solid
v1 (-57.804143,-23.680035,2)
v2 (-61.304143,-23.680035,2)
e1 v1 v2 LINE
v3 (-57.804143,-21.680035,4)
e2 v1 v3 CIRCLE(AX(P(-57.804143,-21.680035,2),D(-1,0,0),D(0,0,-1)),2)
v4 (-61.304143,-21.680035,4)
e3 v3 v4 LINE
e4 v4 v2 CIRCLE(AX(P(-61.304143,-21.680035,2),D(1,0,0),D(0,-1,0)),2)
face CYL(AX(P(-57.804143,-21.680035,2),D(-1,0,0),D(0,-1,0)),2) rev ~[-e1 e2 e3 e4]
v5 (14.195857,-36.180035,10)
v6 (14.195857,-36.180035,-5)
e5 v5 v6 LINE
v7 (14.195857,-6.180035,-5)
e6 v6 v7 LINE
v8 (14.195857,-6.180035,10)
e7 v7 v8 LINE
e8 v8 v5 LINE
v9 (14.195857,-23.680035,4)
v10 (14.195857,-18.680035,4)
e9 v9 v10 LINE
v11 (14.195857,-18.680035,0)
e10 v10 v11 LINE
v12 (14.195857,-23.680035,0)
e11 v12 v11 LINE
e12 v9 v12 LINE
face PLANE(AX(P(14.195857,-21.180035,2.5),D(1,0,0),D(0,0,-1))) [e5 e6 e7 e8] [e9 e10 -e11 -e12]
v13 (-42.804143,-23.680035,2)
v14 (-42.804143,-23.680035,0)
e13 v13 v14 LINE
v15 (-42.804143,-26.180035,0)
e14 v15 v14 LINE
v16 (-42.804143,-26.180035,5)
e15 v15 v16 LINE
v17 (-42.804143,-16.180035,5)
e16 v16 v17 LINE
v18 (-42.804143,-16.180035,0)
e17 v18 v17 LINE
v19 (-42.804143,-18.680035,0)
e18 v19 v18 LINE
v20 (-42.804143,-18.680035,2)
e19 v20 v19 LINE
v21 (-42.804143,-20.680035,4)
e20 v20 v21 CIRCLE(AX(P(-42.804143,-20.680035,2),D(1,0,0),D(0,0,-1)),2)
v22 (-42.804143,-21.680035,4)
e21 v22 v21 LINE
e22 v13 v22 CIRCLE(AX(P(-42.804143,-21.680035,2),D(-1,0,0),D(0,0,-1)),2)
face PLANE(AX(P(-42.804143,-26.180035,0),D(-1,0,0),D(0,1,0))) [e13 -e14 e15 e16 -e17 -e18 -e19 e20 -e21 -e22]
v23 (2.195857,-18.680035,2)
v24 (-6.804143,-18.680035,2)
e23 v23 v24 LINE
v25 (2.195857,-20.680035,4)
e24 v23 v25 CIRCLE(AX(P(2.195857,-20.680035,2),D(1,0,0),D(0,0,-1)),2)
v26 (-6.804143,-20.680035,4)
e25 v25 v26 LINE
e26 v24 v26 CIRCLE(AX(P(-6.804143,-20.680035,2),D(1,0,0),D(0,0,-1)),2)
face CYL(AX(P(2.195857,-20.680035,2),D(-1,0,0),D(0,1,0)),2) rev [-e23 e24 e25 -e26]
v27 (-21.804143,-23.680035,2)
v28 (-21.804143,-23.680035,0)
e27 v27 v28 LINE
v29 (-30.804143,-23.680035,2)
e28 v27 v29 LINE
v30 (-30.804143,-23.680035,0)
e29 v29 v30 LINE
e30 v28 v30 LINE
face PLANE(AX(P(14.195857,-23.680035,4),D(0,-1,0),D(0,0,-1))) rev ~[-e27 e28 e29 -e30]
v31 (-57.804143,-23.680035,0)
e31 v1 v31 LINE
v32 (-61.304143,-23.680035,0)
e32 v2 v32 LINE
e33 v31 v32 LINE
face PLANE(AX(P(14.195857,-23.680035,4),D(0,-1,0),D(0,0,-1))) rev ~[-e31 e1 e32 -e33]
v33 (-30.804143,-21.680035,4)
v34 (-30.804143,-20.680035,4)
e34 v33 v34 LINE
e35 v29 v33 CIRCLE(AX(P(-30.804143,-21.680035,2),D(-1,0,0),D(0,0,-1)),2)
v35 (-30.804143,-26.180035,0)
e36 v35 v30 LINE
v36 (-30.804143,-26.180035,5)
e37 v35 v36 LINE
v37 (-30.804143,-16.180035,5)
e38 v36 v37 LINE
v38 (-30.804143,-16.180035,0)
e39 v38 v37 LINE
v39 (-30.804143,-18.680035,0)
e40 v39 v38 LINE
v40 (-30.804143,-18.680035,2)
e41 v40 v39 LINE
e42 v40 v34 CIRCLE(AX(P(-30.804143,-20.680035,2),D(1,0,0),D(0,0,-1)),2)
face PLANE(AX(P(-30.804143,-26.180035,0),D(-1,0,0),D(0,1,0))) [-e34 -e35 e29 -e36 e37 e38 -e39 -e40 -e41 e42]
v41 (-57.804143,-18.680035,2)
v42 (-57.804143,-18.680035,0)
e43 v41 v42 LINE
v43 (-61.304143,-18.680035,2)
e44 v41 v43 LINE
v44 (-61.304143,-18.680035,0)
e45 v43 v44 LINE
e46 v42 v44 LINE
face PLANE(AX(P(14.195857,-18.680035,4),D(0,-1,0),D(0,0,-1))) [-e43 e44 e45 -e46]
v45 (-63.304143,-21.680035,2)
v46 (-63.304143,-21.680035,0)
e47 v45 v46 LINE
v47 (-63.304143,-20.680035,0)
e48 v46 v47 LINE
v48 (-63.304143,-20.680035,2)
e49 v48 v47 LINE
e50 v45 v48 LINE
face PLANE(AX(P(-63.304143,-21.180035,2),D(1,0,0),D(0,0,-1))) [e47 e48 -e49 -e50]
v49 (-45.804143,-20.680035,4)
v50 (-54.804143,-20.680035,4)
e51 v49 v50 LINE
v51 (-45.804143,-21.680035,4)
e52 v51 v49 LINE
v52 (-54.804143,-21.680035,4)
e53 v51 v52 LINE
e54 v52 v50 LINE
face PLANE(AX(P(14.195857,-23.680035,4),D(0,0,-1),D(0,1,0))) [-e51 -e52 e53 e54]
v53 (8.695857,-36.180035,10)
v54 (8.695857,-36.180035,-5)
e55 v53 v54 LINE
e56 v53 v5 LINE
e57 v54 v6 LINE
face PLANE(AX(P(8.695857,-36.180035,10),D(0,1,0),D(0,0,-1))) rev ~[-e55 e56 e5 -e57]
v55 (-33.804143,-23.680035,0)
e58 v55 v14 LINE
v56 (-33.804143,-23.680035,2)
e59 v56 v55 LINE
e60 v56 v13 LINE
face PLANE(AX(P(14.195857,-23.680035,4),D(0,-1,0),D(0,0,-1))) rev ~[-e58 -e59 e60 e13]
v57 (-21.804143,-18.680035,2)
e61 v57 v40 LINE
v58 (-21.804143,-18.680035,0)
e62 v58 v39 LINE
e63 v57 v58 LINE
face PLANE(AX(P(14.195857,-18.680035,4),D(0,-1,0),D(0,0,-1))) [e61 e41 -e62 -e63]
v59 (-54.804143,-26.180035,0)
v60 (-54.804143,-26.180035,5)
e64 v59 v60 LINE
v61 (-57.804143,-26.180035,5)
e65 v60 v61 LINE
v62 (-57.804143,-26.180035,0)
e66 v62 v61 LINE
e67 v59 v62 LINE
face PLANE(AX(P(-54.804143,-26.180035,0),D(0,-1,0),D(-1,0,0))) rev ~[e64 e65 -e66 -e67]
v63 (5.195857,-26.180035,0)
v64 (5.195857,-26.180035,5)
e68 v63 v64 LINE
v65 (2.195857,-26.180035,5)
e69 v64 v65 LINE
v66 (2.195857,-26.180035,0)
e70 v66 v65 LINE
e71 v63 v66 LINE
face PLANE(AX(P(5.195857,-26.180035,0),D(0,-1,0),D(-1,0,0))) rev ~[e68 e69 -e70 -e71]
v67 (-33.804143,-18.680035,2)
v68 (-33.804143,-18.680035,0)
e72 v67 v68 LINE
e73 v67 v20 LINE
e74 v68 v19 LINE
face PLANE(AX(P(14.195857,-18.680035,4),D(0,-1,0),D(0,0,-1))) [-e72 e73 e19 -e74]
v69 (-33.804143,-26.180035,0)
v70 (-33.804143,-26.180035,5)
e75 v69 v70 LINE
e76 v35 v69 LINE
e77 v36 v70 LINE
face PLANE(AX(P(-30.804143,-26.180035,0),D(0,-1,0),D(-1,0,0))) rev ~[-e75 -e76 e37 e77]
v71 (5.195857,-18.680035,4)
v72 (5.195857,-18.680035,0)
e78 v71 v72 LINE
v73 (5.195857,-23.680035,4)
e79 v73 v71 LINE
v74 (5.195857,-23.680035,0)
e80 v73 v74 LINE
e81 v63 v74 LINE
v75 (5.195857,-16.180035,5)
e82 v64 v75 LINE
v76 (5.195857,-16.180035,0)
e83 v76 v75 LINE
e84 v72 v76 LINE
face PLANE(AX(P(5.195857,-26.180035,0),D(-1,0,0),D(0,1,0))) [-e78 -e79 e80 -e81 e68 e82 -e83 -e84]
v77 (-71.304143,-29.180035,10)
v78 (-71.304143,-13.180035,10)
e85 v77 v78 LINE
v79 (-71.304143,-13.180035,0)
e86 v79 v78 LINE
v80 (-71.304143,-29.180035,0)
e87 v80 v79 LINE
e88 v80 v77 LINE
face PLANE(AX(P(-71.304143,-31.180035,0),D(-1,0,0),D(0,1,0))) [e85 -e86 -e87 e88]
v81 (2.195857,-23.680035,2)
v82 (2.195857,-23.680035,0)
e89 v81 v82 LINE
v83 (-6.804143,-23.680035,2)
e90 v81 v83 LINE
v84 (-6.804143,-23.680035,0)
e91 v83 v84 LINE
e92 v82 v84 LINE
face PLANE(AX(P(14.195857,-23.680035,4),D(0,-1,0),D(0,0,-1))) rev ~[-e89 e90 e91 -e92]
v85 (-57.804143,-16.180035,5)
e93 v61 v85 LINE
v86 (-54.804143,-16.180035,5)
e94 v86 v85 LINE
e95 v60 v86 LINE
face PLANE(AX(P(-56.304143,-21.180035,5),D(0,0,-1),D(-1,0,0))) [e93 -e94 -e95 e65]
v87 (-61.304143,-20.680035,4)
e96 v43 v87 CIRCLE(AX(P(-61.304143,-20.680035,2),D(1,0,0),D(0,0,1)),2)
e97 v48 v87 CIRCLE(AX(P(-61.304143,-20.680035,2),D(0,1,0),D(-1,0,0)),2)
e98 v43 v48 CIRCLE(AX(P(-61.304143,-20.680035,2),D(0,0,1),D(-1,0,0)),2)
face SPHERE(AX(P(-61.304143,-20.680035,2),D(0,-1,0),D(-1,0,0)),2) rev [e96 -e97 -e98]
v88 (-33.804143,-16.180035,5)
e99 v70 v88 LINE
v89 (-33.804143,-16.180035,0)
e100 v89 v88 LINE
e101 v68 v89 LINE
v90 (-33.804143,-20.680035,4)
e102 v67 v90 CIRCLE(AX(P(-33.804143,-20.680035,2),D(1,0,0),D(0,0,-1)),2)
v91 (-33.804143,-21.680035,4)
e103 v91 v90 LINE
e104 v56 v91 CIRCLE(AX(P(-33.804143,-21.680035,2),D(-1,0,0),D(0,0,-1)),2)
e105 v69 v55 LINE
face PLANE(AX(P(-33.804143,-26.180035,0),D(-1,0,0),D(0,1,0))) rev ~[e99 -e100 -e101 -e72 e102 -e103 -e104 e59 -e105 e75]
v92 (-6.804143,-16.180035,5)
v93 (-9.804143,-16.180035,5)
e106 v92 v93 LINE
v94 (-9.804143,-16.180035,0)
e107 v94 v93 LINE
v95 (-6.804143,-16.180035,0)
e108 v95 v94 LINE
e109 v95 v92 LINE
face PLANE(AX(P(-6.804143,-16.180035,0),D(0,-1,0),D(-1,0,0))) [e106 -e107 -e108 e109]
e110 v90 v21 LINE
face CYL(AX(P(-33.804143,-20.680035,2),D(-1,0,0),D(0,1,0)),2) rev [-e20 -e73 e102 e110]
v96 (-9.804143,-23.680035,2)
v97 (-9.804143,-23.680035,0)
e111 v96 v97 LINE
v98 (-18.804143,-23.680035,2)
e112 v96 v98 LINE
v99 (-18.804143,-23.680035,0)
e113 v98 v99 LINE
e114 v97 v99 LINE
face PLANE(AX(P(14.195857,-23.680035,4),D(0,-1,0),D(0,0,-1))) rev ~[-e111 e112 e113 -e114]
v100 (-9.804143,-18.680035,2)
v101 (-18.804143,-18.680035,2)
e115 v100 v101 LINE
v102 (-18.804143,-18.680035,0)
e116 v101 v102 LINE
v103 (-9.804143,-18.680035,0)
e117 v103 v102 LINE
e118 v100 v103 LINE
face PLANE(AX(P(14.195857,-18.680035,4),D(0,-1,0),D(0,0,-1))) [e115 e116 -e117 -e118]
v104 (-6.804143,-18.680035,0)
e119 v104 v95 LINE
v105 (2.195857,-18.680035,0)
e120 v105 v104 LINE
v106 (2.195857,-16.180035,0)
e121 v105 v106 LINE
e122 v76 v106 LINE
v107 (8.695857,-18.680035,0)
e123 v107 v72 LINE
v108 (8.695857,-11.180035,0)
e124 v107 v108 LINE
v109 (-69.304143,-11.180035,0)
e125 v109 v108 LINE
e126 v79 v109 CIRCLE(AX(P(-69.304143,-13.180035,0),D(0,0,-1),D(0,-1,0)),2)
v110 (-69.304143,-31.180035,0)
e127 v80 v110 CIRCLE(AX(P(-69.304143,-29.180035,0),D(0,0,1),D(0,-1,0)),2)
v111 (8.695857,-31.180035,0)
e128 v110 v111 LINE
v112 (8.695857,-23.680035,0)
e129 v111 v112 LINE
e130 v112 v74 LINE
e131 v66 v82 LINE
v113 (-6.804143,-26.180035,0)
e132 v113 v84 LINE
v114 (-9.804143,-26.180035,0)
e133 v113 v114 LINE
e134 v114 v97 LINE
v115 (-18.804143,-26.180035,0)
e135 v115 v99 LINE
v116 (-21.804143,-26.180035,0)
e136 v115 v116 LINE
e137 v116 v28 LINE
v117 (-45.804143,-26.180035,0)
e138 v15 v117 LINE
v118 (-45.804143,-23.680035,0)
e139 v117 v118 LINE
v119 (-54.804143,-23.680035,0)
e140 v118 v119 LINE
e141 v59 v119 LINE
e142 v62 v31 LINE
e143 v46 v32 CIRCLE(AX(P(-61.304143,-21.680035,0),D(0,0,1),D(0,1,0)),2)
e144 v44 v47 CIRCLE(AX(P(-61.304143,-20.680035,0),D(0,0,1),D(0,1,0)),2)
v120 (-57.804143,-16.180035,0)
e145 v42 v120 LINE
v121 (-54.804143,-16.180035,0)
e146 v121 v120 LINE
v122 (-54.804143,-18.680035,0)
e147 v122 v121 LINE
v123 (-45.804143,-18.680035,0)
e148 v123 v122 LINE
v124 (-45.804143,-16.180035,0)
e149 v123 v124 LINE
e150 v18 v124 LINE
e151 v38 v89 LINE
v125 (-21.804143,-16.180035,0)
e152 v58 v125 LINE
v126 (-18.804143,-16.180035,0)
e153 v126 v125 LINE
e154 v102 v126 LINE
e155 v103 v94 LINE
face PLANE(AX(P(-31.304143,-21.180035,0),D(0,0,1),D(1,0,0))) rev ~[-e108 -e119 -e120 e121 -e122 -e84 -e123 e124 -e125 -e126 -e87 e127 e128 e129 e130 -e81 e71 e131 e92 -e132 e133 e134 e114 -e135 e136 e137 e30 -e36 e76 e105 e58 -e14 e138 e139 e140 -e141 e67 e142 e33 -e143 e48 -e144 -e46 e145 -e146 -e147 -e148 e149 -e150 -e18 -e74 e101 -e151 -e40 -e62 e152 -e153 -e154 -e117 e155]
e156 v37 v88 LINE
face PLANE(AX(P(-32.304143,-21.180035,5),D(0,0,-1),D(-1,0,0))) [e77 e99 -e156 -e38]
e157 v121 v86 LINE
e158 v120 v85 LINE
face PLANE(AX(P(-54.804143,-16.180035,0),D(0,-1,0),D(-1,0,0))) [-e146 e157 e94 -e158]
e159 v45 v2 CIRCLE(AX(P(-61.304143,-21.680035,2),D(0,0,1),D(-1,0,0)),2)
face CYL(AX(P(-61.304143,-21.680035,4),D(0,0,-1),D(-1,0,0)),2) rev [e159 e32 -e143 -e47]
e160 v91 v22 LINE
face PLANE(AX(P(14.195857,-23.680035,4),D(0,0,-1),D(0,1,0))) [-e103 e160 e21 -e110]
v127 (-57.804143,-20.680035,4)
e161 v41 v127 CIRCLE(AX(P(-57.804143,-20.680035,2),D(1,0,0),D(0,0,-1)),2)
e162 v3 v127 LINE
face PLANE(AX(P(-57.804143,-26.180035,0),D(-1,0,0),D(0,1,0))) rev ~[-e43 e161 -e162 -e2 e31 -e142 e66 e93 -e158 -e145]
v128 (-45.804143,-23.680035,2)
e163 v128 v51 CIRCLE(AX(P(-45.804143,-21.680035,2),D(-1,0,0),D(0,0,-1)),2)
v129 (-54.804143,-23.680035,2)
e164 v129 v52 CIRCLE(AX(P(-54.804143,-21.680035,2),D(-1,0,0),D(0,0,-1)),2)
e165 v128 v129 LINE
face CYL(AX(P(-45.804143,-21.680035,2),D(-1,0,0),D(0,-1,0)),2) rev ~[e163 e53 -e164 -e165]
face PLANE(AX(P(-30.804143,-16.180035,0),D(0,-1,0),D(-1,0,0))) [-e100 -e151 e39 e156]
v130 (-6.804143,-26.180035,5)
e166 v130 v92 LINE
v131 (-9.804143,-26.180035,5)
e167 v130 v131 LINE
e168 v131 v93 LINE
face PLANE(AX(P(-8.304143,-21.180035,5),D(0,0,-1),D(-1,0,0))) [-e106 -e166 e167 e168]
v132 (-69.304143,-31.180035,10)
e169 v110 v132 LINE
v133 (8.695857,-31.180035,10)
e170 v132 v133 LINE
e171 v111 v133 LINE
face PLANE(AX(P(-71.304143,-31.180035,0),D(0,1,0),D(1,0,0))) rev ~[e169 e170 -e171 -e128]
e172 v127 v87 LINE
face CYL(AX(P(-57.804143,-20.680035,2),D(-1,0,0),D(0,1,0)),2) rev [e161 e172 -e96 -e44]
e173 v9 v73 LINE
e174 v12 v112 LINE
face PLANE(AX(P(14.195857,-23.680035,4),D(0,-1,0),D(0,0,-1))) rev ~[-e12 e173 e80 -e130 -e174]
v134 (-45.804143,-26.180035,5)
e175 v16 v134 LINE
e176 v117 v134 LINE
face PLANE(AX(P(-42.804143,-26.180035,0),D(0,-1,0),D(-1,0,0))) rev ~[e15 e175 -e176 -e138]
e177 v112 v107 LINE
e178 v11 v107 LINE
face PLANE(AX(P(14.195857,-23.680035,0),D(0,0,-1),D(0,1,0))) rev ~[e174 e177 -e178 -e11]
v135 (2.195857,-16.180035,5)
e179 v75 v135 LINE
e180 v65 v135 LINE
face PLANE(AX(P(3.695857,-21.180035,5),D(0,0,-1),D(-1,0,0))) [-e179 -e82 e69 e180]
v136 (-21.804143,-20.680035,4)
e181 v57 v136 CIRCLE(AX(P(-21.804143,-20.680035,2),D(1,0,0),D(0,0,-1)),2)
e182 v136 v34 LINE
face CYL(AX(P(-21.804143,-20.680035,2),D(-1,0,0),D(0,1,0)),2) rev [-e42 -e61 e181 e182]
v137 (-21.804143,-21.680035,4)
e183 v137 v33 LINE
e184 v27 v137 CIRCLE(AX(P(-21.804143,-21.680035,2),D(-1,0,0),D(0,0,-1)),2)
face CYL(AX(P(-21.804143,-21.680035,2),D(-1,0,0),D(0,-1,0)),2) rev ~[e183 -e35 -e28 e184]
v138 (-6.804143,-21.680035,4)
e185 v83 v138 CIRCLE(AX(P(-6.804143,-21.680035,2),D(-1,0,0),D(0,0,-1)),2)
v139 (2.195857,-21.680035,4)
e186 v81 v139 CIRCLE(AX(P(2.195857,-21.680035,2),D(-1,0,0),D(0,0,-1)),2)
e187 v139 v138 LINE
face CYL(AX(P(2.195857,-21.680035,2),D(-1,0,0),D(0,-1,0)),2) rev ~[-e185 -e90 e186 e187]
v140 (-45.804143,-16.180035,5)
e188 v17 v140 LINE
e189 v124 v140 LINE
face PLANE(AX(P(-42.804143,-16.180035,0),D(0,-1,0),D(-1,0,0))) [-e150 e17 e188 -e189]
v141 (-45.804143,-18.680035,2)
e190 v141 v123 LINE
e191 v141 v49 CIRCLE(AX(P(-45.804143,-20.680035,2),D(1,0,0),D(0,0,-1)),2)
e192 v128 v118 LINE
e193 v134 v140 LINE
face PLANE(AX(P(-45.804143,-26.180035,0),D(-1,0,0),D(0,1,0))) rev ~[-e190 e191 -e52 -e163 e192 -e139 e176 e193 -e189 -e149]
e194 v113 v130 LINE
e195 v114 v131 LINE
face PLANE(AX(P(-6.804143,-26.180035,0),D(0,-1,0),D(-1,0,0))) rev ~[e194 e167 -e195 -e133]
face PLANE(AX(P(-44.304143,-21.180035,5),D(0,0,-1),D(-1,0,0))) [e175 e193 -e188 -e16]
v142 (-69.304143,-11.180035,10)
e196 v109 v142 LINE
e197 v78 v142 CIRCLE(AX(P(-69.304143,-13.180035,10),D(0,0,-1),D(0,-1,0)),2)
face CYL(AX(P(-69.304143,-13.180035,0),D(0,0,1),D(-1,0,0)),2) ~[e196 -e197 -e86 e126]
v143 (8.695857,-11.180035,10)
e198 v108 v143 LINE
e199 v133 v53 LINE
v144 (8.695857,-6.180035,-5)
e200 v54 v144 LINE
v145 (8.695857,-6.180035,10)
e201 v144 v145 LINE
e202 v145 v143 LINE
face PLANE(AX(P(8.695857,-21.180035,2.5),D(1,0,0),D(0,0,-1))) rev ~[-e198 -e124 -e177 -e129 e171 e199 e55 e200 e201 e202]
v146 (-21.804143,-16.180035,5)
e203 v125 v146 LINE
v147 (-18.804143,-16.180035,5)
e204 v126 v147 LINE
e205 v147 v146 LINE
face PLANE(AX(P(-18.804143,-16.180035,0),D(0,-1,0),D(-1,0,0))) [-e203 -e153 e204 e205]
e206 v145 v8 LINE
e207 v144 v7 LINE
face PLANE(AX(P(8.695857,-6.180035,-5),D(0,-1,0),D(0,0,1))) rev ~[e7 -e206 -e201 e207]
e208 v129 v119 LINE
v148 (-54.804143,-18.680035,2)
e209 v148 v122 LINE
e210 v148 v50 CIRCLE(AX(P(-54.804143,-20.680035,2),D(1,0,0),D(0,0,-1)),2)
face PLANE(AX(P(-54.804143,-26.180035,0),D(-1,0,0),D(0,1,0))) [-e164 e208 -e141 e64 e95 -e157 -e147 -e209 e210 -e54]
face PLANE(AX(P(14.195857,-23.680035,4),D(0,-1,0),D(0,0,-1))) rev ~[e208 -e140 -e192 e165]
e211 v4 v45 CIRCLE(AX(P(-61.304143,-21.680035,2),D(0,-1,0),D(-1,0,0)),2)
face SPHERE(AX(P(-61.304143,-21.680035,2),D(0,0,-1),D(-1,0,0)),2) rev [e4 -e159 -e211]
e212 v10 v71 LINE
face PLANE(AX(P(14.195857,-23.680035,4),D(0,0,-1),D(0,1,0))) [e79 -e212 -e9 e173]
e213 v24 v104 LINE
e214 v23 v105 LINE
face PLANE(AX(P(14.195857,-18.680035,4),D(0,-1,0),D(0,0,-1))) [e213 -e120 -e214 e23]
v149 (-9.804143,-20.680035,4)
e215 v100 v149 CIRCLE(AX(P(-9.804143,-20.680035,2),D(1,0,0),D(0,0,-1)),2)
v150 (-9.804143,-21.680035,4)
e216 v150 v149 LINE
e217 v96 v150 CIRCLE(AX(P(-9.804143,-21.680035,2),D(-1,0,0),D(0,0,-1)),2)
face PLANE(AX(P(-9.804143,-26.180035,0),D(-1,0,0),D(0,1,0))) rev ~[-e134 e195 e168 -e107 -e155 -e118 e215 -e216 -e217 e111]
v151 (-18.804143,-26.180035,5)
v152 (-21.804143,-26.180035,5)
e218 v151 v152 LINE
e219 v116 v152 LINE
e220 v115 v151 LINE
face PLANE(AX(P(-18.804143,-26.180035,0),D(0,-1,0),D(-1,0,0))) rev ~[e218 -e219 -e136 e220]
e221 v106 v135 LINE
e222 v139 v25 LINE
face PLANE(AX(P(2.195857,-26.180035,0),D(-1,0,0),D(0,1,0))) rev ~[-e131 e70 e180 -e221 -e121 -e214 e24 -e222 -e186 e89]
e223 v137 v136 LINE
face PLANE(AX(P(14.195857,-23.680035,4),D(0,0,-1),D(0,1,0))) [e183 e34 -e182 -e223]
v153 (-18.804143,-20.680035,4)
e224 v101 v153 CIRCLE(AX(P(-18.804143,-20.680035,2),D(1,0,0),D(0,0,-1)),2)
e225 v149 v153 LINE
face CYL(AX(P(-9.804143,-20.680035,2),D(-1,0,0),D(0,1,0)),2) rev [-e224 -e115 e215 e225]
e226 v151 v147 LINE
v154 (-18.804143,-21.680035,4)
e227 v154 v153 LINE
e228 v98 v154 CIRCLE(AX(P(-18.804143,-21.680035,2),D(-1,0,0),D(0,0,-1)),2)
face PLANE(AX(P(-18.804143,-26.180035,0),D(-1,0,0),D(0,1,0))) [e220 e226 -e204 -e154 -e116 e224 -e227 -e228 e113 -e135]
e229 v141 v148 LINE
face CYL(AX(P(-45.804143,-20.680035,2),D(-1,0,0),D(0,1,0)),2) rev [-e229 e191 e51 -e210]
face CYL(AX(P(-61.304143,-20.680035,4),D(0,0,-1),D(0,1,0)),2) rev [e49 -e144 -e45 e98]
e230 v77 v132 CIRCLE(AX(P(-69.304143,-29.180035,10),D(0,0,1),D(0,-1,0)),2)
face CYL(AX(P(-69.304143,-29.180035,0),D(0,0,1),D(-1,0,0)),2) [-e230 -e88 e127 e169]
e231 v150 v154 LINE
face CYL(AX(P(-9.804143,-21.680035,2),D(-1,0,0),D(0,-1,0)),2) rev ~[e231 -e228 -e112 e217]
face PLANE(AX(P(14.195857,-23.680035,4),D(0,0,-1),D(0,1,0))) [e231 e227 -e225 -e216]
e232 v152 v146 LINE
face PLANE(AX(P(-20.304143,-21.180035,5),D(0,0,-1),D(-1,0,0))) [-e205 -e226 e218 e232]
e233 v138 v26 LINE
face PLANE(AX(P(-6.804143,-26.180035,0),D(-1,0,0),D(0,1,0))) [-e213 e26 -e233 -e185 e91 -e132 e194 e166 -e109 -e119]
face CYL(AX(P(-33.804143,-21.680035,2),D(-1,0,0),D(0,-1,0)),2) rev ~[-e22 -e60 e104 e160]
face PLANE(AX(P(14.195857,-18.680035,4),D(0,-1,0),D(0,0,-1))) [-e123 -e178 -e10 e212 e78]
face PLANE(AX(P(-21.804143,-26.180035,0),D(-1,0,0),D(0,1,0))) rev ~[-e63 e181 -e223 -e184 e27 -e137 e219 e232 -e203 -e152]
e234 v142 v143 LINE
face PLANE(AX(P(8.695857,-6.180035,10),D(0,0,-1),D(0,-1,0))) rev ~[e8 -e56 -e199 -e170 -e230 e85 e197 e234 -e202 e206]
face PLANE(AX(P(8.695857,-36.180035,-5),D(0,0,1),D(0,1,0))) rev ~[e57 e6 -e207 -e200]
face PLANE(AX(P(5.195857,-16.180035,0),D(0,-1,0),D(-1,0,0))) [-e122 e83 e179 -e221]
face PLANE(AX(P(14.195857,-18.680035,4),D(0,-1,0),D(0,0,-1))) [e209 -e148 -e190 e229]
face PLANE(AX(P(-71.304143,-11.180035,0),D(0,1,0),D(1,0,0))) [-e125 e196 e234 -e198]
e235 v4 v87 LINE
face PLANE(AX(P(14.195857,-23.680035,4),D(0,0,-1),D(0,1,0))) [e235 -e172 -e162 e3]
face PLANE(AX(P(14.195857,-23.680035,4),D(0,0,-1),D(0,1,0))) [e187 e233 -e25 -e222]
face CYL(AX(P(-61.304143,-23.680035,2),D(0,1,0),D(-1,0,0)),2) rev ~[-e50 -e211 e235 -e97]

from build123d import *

# Parameters (mm, degrees)
SKETCH_1_W          = 80
SKETCH_1_H          = 20
EXTRUDE_1_DEPTH     = 10
FILLET_1_R          = 2
EXTRUDE_2_DEPTH     = 5.5
SKETCH_3_W          = 4
SKETCH_3_H          = 5
CUT_EXTRUDE_1_DEPTH = 77.5
SKETCH_4_W          = 3
SKETCH_4_H          = 10
CUT_EXTRUDE_2_DEPTH = 5
FILLET_2_R          = 2


with BuildPart() as part:
    # Эскиз1 → Бобышка-Вытянуть1 (new body)
    with BuildSketch(Plane.XY):
        with Locations((-31.304142693, -21.180034522)):
            Rectangle(SKETCH_1_W, SKETCH_1_H)
    extrude(amount=EXTRUDE_1_DEPTH)

    # Скругление1
    fillet_1_edges = [part.edges().sort_by_distance(p)[0] for p in [
        (-71.304142693, -11.180034522, 5),
        (-71.304142693, -31.180034522, 5),
    ]]
    fillet(fillet_1_edges, radius=FILLET_1_R)

    # Эскиз2 → Бобышка-Вытянуть2 (add)
    with BuildSketch(Plane(origin=(8.695857307, 0, 0), x_dir=(0, 0, -1), z_dir=(1, 0, 0))):
        Polygon((-10, -31.180034522), (-10, -36.180034522), (5, -36.180034522), (5, -6.180034522), (-10, -6.180034522), (-10, -11.180034522), align=None)
    extrude(amount=EXTRUDE_2_DEPTH)

    # Эскиз3 → Вырез-Вытянуть1 (cut)
    with BuildSketch(Plane(origin=(14.195857307, 0, 0), x_dir=(0, 0, -1), z_dir=(1, 0, 0))):
        with Locations((-2, -21.180034522)):
            Rectangle(SKETCH_3_W, SKETCH_3_H)
    extrude(amount=-CUT_EXTRUDE_1_DEPTH, mode=Mode.SUBTRACT)

    # Эскиз4 → Вырез-Вытянуть2 (cut)
    with BuildSketch(Plane(origin=(0, 0, 0), x_dir=(-1, 0, 0), z_dir=(0, 0, -1))):
        with Locations((-3.695857307, -21.180034522)):
            Rectangle(SKETCH_4_W, SKETCH_4_H)
        with Locations((56.304142693, -21.180034522)):
            Rectangle(SKETCH_4_W, SKETCH_4_H)
        with Locations((44.304142693, -21.180034522)):
            Rectangle(SKETCH_4_W, SKETCH_4_H)
        with Locations((32.304142693, -21.180034522)):
            Rectangle(SKETCH_4_W, SKETCH_4_H)
        with Locations((20.304142693, -21.180034522)):
            Rectangle(SKETCH_4_W, SKETCH_4_H)
        with Locations((8.304142693, -21.180034522)):
            Rectangle(SKETCH_4_W, SKETCH_4_H)
    extrude(amount=-CUT_EXTRUDE_2_DEPTH, mode=Mode.SUBTRACT)

    # Скругление2
    fillet_2_edges = [part.edges().sort_by_distance(p)[0] for p in [
        (-63.304142693, -23.680034522, 2),
        (-63.304142693, -21.180034522, 4),
        (-60.554142693, -23.680034522, 4),
        (-63.304142693, -18.680034522, 2),
        (-60.554142693, -18.680034522, 4),
        (-50.304142693, -18.680034522, 4),
        (-38.304142693, -18.680034522, 4),
        (-26.304142693, -18.680034522, 4),
        (-14.304142693, -18.680034522, 4),
        (-2.304142693, -18.680034522, 4),
        (-50.304142693, -23.680034522, 4),
        (-38.304142693, -23.680034522, 4),
        (-26.304142693, -23.680034522, 4),
        (-14.304142693, -23.680034522, 4),
        (-2.304142693, -23.680034522, 4),
    ]]
    fillet(fillet_2_edges, radius=FILLET_2_R)


solid = part.part
